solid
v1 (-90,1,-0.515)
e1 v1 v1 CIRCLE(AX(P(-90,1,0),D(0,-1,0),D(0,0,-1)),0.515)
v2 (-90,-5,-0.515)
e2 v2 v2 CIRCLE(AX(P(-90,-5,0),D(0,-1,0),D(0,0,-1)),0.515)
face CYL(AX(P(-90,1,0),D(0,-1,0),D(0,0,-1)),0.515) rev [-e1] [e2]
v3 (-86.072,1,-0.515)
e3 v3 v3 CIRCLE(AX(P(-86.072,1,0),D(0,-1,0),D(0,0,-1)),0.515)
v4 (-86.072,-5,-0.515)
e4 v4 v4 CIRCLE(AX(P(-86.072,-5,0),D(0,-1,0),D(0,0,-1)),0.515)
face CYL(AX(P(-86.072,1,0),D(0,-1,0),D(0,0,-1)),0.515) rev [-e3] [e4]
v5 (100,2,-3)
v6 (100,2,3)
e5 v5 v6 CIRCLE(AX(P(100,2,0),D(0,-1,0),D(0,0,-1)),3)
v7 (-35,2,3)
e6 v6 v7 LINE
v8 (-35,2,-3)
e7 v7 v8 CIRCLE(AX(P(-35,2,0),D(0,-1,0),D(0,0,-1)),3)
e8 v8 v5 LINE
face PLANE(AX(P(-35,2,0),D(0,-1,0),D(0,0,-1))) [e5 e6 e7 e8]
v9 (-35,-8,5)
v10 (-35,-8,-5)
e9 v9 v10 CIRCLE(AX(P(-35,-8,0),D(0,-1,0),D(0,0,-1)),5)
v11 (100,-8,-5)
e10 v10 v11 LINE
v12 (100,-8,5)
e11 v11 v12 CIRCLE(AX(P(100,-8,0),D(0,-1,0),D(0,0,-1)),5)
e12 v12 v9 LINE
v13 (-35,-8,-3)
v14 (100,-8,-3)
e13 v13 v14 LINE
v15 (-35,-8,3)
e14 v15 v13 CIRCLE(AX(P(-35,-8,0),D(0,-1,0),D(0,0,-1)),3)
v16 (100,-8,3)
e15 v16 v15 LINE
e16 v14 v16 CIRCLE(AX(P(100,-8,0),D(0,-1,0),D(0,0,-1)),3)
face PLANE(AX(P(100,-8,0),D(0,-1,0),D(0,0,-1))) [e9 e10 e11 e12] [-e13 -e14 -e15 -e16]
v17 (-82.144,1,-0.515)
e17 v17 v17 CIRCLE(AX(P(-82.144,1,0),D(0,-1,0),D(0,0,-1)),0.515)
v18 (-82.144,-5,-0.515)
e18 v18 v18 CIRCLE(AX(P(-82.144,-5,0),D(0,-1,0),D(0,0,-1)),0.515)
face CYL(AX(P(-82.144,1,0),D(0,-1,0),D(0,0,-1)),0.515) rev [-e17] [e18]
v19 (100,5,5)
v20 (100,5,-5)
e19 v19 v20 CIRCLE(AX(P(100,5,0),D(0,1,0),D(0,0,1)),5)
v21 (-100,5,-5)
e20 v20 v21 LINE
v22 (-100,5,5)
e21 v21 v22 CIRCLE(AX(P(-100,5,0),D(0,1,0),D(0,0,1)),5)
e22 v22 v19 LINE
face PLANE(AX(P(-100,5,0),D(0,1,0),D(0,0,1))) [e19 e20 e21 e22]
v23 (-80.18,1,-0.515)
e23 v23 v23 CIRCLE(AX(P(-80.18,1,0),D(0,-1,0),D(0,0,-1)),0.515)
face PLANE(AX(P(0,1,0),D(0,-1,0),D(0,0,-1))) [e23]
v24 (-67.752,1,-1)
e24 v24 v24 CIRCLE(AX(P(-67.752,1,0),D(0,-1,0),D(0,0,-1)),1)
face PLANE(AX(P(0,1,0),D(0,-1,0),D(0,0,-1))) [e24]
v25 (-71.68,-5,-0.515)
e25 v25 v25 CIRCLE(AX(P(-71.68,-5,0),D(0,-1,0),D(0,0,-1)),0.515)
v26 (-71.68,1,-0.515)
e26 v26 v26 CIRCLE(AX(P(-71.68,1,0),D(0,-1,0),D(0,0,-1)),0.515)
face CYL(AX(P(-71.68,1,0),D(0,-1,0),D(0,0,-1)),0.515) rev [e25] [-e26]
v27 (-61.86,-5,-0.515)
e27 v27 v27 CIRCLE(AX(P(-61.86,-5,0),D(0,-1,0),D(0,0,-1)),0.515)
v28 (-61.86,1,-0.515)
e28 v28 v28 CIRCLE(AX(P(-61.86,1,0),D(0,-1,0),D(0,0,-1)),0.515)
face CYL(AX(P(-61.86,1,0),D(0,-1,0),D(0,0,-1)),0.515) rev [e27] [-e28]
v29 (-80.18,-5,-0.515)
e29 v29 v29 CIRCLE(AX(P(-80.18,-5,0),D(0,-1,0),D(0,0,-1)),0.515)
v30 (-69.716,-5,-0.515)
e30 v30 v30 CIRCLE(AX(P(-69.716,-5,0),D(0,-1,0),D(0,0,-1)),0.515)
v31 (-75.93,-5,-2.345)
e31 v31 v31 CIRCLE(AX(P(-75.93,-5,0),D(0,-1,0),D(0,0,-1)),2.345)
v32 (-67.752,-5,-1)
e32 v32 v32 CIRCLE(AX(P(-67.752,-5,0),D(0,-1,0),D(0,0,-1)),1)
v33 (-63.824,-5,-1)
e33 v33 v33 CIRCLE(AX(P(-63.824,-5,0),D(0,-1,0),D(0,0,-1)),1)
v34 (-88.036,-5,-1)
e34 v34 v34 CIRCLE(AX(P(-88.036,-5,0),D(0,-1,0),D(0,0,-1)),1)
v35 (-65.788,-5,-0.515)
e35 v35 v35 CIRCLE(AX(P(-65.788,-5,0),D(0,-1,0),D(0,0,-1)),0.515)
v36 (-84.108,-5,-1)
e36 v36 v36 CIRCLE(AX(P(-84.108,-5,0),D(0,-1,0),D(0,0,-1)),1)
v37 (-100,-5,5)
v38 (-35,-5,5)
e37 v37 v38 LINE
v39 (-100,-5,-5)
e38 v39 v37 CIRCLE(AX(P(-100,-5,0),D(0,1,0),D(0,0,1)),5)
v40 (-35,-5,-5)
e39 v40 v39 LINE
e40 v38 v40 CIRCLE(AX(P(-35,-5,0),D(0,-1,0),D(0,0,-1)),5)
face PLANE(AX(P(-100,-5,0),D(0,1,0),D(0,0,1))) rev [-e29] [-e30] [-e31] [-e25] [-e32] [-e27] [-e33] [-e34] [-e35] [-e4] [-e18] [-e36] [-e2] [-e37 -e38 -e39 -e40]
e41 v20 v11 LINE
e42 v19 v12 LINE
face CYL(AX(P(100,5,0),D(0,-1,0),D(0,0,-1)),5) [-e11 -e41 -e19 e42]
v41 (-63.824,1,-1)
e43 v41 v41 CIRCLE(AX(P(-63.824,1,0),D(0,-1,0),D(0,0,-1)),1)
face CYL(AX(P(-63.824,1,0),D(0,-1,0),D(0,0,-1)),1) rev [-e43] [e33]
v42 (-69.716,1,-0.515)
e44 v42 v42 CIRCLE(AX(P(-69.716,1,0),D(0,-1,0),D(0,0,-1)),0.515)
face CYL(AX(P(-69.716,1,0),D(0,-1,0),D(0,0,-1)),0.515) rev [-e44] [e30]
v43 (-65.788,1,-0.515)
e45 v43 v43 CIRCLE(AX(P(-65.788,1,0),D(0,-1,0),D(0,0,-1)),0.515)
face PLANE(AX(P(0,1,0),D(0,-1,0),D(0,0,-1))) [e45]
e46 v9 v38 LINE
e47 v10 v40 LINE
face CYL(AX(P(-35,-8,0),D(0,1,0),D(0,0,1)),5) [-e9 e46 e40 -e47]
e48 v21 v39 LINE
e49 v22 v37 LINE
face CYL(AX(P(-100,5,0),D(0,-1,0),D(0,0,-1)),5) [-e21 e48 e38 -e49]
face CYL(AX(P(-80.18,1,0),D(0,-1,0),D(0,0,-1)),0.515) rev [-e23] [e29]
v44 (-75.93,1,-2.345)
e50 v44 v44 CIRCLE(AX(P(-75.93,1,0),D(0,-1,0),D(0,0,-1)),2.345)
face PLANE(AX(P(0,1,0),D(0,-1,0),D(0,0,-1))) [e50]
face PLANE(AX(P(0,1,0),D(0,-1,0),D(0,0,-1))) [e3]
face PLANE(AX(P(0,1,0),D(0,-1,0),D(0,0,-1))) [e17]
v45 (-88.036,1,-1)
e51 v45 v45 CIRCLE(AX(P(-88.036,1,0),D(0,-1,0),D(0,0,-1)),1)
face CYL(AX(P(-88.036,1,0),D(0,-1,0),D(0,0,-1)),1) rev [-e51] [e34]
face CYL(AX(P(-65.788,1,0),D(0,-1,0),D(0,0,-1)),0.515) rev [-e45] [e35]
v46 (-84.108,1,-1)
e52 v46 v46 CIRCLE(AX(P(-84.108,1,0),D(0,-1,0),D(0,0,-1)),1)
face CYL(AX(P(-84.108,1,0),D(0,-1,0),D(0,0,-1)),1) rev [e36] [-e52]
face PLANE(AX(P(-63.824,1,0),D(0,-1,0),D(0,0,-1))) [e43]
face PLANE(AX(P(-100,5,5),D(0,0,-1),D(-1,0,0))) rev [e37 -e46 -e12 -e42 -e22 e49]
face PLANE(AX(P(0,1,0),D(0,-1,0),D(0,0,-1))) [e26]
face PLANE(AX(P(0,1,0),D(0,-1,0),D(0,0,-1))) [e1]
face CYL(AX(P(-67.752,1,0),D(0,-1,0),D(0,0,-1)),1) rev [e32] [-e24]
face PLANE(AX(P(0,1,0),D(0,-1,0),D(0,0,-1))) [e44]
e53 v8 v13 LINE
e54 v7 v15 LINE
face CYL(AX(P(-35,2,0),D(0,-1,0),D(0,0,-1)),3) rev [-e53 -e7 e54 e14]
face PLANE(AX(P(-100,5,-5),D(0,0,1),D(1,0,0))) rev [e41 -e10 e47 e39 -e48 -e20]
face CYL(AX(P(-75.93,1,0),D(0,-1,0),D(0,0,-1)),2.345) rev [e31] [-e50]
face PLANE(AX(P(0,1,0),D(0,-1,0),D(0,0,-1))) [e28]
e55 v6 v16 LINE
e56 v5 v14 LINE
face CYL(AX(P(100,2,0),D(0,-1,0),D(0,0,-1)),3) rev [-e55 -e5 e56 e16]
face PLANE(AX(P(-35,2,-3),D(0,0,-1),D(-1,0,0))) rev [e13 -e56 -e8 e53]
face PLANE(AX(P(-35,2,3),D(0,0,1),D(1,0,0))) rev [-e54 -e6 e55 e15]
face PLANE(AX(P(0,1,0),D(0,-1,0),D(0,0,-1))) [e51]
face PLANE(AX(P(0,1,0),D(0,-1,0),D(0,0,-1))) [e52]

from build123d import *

# Parameters (mm, degrees)
EXTRUDE_1_DEPTH     = 5
SKETCH_3_R          = 0.515
SKETCH_3_R_2        = 1
SKETCH_3_R_3        = 2.345
CUT_EXTRUDE_1_DEPTH = 6
EXTRUDE_2_DEPTH     = 3
CUT_EXTRUDE_2_DEPTH = 10


with BuildPart() as part:
    # 스케치1 → 보스-돌출1 (new body, symmetric)
    with BuildSketch(Plane(origin=(0, 0, 0), x_dir=(1, 0, 0), z_dir=(0, 1, 0))):
        with BuildLine():
            Line((-100, 5), (100, 5))
            ThreePointArc((100, 5), (105, 0), (100, -5))
            Line((100, -5), (-100, -5))
            ThreePointArc((-100, -5), (-105, 0), (-100, 5))
        make_face()
    extrude(amount=EXTRUDE_1_DEPTH, both=True)

    # 스케치3 → 컷-돌출1 (cut)
    with BuildSketch(Plane.XZ.offset(5)):
        with Locations((-90, 0)):
            Circle(SKETCH_3_R)
        with Locations((-88.036, 0)):
            Circle(SKETCH_3_R_2)
        with Locations((-86.072, 0)):
            Circle(SKETCH_3_R)
        with Locations((-84.108, 0)):
            Circle(SKETCH_3_R_2)
        with Locations((-82.144, 0)):
            Circle(SKETCH_3_R)
        with Locations((-80.18, 0)):
            Circle(SKETCH_3_R)
        with Locations((-75.93, 0)):
            Circle(SKETCH_3_R_3)
        with Locations((-71.68, 0)):
            Circle(SKETCH_3_R)
        with Locations((-69.716, 0)):
            Circle(SKETCH_3_R)
        with Locations((-67.752, 0)):
            Circle(SKETCH_3_R_2)
        with Locations((-65.788, 0)):
            Circle(SKETCH_3_R)
        with Locations((-61.86, 0)):
            Circle(SKETCH_3_R)
        with Locations((-63.824, 0)):
            Circle(SKETCH_3_R_2)
    extrude(amount=-CUT_EXTRUDE_1_DEPTH, mode=Mode.SUBTRACT)

    # 스케치5 → 보스-돌출2 (add)
    with BuildSketch(Plane.XZ.offset(5)):
        with BuildLine():
            Line((100, -5), (-35, -5))
            ThreePointArc((-35, -5), (-40, 0), (-35, 5))
            Line((-35, 5), (100, 5))
            ThreePointArc((100, 5), (105, 0), (100, -5))
        make_face()
    extrude(amount=EXTRUDE_2_DEPTH)

    # 스케치6 → 컷-돌출2 (cut)
    with BuildSketch(Plane.XZ.offset(8)):
        with BuildLine():
            Line((-35, 3), (100, 3))
            ThreePointArc((100, 3), (103, 0), (100, -3))
            Line((100, -3), (-35, -3))
            ThreePointArc((-35, -3), (-38, 0), (-35, 3))
        make_face()
    extrude(amount=-CUT_EXTRUDE_2_DEPTH, mode=Mode.SUBTRACT)


solid = part.part
